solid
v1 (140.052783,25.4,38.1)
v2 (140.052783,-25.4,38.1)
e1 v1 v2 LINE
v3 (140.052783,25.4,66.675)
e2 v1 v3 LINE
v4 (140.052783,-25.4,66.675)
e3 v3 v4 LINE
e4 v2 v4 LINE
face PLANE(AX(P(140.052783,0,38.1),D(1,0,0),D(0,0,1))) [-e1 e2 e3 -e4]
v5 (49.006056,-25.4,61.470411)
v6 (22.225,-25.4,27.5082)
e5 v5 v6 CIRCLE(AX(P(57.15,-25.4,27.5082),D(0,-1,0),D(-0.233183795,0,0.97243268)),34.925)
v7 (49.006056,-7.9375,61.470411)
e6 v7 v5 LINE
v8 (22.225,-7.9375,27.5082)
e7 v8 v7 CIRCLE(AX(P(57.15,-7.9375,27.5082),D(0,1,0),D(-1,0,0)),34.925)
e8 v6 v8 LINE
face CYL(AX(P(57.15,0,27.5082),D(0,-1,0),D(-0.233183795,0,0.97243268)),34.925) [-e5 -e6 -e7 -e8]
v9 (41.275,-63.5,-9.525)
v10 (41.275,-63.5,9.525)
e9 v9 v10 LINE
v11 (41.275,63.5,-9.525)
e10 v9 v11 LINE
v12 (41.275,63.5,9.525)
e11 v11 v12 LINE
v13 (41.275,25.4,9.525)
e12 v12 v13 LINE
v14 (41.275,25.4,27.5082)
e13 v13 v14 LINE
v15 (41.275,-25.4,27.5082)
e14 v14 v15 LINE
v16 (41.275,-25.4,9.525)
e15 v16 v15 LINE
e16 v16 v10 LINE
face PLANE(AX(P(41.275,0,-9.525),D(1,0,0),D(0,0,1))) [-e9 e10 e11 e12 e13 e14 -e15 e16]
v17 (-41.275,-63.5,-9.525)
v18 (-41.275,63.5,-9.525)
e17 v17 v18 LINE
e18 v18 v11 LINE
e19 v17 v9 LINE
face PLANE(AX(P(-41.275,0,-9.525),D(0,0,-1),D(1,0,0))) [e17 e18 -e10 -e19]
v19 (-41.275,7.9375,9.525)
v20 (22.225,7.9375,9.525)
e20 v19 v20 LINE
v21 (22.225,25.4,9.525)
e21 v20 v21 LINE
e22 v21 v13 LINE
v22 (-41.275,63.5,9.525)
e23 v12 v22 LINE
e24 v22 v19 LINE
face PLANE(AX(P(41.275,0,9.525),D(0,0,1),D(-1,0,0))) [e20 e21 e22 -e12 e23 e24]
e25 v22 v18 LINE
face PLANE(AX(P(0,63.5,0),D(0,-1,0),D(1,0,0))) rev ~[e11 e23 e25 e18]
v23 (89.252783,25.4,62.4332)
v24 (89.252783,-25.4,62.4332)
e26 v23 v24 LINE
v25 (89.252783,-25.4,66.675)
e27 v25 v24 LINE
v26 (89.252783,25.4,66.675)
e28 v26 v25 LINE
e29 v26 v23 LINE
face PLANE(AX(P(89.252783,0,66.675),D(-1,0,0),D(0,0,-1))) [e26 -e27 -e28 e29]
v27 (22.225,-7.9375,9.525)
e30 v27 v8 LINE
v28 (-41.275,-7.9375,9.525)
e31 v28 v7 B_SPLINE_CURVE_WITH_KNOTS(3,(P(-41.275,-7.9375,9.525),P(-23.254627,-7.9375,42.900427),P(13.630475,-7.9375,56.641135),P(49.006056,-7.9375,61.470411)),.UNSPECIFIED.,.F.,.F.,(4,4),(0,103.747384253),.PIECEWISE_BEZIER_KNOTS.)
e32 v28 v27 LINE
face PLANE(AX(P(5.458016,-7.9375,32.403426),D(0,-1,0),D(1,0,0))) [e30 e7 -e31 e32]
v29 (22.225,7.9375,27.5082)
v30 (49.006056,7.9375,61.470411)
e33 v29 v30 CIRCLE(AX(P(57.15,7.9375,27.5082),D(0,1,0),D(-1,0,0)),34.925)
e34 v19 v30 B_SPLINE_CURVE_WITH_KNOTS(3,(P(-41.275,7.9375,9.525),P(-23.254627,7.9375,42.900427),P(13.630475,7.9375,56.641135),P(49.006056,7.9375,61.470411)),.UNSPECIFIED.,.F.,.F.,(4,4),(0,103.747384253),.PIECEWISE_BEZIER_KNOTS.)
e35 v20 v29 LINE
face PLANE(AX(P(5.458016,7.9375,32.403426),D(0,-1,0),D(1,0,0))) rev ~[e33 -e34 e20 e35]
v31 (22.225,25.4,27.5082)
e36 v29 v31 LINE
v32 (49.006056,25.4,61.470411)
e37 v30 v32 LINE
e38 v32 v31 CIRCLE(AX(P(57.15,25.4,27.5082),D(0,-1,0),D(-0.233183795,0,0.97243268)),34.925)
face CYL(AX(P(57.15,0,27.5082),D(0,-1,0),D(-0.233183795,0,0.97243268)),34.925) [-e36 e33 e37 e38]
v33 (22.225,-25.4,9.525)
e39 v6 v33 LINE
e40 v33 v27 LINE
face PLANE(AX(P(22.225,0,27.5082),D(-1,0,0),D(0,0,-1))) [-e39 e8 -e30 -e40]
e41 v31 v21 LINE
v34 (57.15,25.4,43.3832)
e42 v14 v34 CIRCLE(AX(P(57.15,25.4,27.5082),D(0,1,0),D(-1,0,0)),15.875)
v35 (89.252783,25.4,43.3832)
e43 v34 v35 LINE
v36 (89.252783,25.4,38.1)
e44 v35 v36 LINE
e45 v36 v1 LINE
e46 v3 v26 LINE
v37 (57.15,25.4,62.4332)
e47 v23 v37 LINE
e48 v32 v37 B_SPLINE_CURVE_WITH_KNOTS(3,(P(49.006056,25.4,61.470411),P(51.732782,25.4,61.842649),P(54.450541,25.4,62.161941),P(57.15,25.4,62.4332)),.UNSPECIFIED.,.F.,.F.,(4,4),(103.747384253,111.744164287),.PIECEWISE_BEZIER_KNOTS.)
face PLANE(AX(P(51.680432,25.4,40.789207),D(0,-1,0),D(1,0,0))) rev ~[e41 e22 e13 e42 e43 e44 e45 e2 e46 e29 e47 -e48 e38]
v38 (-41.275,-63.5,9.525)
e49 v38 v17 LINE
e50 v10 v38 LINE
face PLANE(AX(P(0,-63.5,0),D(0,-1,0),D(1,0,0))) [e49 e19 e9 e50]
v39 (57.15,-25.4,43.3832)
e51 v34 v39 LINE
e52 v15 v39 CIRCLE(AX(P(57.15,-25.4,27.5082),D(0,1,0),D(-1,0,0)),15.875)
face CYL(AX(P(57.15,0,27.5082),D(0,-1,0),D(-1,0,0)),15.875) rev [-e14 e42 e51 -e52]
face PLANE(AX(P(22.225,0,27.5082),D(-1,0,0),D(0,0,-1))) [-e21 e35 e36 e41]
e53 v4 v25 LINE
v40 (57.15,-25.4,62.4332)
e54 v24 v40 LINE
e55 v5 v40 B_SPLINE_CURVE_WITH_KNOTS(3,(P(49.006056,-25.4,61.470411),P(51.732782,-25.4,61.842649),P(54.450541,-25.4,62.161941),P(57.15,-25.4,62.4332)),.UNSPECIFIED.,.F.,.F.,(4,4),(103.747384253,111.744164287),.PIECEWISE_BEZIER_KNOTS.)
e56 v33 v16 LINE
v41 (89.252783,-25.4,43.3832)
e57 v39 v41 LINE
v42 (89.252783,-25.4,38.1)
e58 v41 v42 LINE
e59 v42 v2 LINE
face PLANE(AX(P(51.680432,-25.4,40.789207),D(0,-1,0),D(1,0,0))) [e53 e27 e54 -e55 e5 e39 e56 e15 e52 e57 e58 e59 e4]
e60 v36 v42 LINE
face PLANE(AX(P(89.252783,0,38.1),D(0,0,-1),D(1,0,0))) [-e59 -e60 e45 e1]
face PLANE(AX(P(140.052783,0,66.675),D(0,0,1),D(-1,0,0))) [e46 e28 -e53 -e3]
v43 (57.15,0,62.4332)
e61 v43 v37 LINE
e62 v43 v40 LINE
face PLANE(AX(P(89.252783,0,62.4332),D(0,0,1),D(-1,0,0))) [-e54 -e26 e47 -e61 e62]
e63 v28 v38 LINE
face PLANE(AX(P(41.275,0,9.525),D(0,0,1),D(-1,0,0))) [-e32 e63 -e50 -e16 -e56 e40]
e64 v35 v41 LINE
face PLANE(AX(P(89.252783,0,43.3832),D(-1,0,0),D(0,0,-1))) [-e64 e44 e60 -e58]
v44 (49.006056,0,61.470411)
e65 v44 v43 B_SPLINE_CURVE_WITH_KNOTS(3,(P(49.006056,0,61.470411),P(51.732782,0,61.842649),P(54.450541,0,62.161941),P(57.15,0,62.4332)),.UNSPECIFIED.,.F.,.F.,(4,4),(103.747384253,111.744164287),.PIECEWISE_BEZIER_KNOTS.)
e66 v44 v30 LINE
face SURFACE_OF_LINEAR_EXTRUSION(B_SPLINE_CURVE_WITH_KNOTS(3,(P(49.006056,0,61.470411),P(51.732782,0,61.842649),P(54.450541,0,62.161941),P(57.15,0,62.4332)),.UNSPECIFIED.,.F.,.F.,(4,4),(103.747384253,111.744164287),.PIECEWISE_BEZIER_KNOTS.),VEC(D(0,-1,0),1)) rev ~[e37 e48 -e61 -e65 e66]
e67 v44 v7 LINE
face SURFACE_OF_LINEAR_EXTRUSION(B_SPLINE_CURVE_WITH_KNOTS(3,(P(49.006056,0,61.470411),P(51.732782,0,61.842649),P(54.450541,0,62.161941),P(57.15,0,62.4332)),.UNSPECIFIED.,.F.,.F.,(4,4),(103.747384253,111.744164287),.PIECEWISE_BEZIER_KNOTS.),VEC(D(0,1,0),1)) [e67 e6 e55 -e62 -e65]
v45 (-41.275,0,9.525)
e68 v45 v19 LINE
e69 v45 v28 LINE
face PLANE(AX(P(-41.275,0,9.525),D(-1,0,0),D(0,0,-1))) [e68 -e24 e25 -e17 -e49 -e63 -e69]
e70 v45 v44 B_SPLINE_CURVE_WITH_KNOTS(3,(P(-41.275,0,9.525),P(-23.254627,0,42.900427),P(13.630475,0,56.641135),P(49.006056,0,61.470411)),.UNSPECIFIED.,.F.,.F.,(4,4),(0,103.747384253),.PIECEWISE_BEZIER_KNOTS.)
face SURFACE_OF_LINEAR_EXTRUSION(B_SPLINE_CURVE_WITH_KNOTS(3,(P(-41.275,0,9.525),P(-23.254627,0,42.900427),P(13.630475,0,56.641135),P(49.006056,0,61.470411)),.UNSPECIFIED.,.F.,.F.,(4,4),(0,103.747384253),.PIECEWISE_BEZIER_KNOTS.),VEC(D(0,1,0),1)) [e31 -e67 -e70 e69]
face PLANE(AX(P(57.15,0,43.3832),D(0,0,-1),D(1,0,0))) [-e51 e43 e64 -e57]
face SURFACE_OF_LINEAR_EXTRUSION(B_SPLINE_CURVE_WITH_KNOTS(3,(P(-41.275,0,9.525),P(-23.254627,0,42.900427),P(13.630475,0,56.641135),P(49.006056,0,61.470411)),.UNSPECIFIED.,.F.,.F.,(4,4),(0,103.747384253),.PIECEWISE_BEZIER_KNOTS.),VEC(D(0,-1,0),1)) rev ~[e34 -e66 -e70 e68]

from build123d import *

# Parameters (mm, degrees)
F1_DEPTH = 63.5
F2_DEPTH = 25.4
F3_DEPTH = 7.9375


with BuildPart() as f1:
    # F0 (on Front) → F1 (new body, symmetric)
    with BuildSketch(Plane.XZ):
        Polygon((41.275, -9.525), (41.275, 9.525), (22.225, 9.525), (-41.275, 9.525), (-41.275, -9.525), align=None)
    extrude(amount=F1_DEPTH, both=True)

    # F0 (on Front) → F2 (join, symmetric)
    with BuildSketch(Plane.XZ):
        with BuildLine():
            Line((22.225, 9.525), (41.275, 9.525))
            Line((41.275, 9.525), (41.275, 27.5082))
            ThreePointArc((41.275, 27.5082), (45.9246798487, 38.7335201513), (57.15, 43.3832))
            Line((57.15, 43.3832), (85.725, 43.3832))
            Line((85.725, 43.3832), (89.2527830116, 43.3832))
            Line((89.2527830116, 43.3832), (89.2527830116, 62.4332))
            Line((89.2527830116, 62.4332), (57.15, 62.4332))
            add(Edge.make_bspline(
                [(49.0060559651, 61.4704113614), (51.7327824765, 61.8426488298), (54.4505405881, 62.1619414816), (57.15, 62.4332)],
                knots=[103.7473842529, 103.7473842529, 103.7473842529, 103.7473842529, 111.7441642872, 111.7441642872, 111.7441642872, 111.7441642872], degree=3))
            ThreePointArc((49.0060559651, 61.4704113614), (29.7257144996, 49.1337448438), (22.225, 27.5082))
            Line((22.225, 27.5082), (22.225, 9.525))
        make_face()
        Polygon((89.2527830116, 66.675), (89.2527830116, 62.4332), (113.3148976126, 62.4332), (114.1855414441, 43.3832), (114.427, 38.1), (140.0527830116, 38.1), (140.0527830116, 66.675), align=None)
        Polygon((89.2527830116, 62.4332), (89.2527830116, 43.3832), (114.1855414441, 43.3832), (113.3148976126, 62.4332), align=None)
        Polygon((114.1855414441, 43.3832), (89.2527830116, 43.3832), (89.2527830116, 38.1), (114.427, 38.1), align=None)
    extrude(amount=F2_DEPTH, both=True)

    # F0 (on Front) → F3 (join, symmetric)
    with BuildSketch(Plane.XZ):
        with BuildLine():
            Line((-41.275, 9.525), (22.225, 9.525))
            Line((22.225, 9.525), (22.225, 27.5082))
            ThreePointArc((22.225, 27.5082), (29.7257144996, 49.1337448438), (49.0060559651, 61.4704113614))
            add(Edge.make_bspline(
                [(-41.275, 9.525), (-23.2546272246, 42.9004266833), (13.6304745526, 56.6411346395), (49.0060559651, 61.4704113614)],
                knots=[0, 0, 0, 0, 103.7473842529, 103.7473842529, 103.7473842529, 103.7473842529], degree=3))
        make_face()
    extrude(amount=F3_DEPTH, both=True)


solid = f1.part
